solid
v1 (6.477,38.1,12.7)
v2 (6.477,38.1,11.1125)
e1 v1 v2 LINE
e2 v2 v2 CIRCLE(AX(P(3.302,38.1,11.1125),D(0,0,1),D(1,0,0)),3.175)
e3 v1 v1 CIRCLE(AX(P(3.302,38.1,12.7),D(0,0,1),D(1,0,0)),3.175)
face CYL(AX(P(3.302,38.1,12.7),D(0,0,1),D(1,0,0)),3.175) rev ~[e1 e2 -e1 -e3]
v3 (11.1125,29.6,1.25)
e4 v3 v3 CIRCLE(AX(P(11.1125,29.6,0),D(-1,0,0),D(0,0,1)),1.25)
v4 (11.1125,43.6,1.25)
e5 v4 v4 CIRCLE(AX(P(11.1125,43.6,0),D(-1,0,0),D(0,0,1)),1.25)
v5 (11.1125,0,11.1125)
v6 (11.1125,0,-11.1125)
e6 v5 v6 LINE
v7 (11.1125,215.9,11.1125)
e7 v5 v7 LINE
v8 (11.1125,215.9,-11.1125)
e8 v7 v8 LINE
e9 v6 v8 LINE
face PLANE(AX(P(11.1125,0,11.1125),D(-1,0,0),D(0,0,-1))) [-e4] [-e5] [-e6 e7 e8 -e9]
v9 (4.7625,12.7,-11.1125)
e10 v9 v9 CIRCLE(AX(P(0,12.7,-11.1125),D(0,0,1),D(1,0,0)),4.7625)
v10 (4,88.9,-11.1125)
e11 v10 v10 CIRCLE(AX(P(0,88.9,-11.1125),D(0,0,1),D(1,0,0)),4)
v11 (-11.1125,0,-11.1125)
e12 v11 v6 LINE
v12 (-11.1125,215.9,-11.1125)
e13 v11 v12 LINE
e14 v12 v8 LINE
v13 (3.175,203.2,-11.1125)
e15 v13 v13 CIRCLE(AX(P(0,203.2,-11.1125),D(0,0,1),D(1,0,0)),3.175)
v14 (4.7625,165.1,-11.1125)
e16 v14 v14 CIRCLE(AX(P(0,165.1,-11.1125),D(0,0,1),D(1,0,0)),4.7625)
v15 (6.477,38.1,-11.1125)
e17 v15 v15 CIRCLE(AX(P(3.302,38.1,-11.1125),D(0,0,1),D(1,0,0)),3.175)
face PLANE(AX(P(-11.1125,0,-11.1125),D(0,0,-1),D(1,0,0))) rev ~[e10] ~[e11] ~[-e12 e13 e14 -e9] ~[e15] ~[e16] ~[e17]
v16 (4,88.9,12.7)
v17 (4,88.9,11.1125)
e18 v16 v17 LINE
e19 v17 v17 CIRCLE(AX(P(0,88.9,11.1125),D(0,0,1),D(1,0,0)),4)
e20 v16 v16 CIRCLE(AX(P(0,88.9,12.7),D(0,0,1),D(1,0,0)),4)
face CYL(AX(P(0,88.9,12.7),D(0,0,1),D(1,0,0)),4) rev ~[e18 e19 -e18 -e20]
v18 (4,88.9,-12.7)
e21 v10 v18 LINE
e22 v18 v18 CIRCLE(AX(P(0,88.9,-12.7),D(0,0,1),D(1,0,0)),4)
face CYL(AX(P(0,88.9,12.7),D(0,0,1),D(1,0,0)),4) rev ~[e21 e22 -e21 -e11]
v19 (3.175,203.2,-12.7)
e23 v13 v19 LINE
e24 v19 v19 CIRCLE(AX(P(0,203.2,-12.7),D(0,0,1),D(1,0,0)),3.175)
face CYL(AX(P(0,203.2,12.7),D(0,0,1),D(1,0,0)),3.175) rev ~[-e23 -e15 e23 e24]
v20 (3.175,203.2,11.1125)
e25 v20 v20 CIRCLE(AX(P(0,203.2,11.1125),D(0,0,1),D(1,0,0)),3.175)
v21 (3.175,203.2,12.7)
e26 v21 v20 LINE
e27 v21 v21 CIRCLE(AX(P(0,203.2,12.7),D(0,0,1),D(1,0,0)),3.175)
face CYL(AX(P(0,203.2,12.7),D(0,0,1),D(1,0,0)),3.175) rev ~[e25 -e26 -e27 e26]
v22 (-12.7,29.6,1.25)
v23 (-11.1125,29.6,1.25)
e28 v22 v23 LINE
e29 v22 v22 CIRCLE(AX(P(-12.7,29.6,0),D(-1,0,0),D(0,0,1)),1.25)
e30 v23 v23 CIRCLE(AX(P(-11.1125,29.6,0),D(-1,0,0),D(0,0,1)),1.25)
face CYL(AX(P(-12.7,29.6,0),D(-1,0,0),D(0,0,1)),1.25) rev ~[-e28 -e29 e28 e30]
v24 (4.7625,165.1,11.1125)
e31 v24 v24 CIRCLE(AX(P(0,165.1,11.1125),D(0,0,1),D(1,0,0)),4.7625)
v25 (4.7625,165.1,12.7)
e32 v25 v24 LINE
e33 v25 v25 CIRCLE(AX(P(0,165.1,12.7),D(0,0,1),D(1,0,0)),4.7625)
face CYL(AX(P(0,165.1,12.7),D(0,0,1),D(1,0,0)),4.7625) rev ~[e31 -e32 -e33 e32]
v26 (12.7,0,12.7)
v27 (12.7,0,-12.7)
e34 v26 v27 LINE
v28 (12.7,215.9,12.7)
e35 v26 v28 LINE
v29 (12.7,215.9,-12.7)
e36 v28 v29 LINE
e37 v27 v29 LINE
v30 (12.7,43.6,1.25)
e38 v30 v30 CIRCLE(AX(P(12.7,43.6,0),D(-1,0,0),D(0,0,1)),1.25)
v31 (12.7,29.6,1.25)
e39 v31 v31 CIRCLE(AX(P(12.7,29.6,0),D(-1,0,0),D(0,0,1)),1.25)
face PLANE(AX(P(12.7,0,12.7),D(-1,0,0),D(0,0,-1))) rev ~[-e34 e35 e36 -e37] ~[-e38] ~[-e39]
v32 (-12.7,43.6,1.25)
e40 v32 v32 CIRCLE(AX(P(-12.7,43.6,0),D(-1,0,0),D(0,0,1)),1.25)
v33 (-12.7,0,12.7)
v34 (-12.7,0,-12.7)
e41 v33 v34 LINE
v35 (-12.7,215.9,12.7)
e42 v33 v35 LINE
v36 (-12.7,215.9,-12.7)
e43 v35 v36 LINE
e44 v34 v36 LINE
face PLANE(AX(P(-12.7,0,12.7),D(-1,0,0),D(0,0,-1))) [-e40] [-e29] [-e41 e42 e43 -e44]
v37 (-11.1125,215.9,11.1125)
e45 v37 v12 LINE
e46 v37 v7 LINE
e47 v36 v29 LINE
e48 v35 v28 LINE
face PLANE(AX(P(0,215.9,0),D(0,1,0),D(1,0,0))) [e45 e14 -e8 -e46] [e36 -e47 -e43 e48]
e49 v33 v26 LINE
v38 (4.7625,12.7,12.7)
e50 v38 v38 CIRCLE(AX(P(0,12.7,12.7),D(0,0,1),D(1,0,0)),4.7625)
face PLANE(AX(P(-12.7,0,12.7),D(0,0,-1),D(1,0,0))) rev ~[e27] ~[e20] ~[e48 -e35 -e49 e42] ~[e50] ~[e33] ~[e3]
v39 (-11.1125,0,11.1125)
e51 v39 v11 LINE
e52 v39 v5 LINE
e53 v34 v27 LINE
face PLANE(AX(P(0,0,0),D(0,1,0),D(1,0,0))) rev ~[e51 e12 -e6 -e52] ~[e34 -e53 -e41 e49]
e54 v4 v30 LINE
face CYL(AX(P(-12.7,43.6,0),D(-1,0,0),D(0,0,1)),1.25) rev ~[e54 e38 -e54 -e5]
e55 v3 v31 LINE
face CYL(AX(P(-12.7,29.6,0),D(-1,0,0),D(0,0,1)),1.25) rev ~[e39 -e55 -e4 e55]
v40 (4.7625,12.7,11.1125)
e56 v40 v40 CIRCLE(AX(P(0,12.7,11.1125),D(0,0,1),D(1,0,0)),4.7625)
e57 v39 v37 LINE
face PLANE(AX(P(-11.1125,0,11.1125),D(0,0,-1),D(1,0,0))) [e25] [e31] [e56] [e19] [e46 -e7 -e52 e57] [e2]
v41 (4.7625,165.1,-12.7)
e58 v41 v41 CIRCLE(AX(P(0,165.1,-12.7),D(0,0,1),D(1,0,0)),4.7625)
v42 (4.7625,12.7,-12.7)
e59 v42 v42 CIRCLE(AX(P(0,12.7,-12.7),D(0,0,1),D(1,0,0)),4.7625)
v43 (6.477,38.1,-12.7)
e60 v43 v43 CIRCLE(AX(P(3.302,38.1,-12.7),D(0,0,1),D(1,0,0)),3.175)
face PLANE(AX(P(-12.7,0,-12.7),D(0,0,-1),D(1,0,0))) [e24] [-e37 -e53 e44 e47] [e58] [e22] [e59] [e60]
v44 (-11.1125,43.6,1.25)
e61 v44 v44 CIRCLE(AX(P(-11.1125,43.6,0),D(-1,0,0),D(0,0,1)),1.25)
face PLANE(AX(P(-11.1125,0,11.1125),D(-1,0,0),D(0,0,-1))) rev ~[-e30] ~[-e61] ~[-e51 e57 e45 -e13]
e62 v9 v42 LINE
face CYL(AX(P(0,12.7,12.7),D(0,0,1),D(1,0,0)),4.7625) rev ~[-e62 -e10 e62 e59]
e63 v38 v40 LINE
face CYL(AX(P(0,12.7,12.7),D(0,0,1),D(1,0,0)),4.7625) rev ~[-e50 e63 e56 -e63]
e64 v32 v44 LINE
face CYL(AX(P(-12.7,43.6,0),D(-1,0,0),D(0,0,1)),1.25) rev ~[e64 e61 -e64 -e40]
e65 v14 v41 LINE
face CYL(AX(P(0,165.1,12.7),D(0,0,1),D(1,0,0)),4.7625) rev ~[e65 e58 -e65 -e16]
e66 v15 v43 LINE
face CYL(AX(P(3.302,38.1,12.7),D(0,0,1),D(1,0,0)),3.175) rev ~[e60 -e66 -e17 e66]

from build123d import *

# Parameters (mm, degrees)
SKETCH1_W           = 25.4
SKETCH1_H           = 25.4
SKETCH1_W_2         = 22.225
SKETCH1_H_2         = 22.225
BOSS_EXTRUDE1_DEPTH = 215.9
SKETCH2_R           = 4
SKETCH2_R_2         = 4.7625
SKETCH2_R_3         = 3.175
CUT_EXTRUDE1_DEPTH  = 218.759638133
SKETCH3_R           = 3.175
CUT_EXTRUDE2_DEPTH  = 218.759638133
SKETCH5_R           = 1.25
CUT_EXTRUDE3_DEPTH  = 218.759638133


with BuildPart() as part:
    # Sketch1 → Boss-Extrude1 (new body)
    with BuildSketch(Plane(origin=(0, 0, 0), x_dir=(1, 0, 0), z_dir=(0, 1, 0))):
        Rectangle(SKETCH1_W, SKETCH1_H)
        Rectangle(SKETCH1_W_2, SKETCH1_H_2, mode=Mode.SUBTRACT)
    extrude(amount=BOSS_EXTRUDE1_DEPTH)

    # Sketch2 → Cut-Extrude1 (cut, through all)
    with BuildSketch(Plane.XY.offset(12.7)):
        with Locations((0, 88.9)):
            Circle(SKETCH2_R)
        with Locations((0, 165.1)):
            Circle(SKETCH2_R_2)
        with Locations((0, 12.7)):
            Circle(SKETCH2_R_2)
        with Locations((0, 203.2)):
            Circle(SKETCH2_R_3)
    extrude(amount=-CUT_EXTRUDE1_DEPTH, mode=Mode.SUBTRACT)

    # Sketch3 → Cut-Extrude2 (cut, through all)
    with BuildSketch(Plane.XY.offset(12.7)):
        with Locations((3.302, 38.1)):
            Circle(SKETCH3_R)
    extrude(amount=-CUT_EXTRUDE2_DEPTH, mode=Mode.SUBTRACT)

    # Sketch5 → Cut-Extrude3 (cut, through all)
    with BuildSketch(Plane.ZY.offset(12.7)):
        with Locations((0, 43.6)):
            Circle(SKETCH5_R)
        with Locations((0, 29.6)):
            Circle(SKETCH5_R)
    extrude(amount=-CUT_EXTRUDE3_DEPTH, mode=Mode.SUBTRACT)


solid = part.part
